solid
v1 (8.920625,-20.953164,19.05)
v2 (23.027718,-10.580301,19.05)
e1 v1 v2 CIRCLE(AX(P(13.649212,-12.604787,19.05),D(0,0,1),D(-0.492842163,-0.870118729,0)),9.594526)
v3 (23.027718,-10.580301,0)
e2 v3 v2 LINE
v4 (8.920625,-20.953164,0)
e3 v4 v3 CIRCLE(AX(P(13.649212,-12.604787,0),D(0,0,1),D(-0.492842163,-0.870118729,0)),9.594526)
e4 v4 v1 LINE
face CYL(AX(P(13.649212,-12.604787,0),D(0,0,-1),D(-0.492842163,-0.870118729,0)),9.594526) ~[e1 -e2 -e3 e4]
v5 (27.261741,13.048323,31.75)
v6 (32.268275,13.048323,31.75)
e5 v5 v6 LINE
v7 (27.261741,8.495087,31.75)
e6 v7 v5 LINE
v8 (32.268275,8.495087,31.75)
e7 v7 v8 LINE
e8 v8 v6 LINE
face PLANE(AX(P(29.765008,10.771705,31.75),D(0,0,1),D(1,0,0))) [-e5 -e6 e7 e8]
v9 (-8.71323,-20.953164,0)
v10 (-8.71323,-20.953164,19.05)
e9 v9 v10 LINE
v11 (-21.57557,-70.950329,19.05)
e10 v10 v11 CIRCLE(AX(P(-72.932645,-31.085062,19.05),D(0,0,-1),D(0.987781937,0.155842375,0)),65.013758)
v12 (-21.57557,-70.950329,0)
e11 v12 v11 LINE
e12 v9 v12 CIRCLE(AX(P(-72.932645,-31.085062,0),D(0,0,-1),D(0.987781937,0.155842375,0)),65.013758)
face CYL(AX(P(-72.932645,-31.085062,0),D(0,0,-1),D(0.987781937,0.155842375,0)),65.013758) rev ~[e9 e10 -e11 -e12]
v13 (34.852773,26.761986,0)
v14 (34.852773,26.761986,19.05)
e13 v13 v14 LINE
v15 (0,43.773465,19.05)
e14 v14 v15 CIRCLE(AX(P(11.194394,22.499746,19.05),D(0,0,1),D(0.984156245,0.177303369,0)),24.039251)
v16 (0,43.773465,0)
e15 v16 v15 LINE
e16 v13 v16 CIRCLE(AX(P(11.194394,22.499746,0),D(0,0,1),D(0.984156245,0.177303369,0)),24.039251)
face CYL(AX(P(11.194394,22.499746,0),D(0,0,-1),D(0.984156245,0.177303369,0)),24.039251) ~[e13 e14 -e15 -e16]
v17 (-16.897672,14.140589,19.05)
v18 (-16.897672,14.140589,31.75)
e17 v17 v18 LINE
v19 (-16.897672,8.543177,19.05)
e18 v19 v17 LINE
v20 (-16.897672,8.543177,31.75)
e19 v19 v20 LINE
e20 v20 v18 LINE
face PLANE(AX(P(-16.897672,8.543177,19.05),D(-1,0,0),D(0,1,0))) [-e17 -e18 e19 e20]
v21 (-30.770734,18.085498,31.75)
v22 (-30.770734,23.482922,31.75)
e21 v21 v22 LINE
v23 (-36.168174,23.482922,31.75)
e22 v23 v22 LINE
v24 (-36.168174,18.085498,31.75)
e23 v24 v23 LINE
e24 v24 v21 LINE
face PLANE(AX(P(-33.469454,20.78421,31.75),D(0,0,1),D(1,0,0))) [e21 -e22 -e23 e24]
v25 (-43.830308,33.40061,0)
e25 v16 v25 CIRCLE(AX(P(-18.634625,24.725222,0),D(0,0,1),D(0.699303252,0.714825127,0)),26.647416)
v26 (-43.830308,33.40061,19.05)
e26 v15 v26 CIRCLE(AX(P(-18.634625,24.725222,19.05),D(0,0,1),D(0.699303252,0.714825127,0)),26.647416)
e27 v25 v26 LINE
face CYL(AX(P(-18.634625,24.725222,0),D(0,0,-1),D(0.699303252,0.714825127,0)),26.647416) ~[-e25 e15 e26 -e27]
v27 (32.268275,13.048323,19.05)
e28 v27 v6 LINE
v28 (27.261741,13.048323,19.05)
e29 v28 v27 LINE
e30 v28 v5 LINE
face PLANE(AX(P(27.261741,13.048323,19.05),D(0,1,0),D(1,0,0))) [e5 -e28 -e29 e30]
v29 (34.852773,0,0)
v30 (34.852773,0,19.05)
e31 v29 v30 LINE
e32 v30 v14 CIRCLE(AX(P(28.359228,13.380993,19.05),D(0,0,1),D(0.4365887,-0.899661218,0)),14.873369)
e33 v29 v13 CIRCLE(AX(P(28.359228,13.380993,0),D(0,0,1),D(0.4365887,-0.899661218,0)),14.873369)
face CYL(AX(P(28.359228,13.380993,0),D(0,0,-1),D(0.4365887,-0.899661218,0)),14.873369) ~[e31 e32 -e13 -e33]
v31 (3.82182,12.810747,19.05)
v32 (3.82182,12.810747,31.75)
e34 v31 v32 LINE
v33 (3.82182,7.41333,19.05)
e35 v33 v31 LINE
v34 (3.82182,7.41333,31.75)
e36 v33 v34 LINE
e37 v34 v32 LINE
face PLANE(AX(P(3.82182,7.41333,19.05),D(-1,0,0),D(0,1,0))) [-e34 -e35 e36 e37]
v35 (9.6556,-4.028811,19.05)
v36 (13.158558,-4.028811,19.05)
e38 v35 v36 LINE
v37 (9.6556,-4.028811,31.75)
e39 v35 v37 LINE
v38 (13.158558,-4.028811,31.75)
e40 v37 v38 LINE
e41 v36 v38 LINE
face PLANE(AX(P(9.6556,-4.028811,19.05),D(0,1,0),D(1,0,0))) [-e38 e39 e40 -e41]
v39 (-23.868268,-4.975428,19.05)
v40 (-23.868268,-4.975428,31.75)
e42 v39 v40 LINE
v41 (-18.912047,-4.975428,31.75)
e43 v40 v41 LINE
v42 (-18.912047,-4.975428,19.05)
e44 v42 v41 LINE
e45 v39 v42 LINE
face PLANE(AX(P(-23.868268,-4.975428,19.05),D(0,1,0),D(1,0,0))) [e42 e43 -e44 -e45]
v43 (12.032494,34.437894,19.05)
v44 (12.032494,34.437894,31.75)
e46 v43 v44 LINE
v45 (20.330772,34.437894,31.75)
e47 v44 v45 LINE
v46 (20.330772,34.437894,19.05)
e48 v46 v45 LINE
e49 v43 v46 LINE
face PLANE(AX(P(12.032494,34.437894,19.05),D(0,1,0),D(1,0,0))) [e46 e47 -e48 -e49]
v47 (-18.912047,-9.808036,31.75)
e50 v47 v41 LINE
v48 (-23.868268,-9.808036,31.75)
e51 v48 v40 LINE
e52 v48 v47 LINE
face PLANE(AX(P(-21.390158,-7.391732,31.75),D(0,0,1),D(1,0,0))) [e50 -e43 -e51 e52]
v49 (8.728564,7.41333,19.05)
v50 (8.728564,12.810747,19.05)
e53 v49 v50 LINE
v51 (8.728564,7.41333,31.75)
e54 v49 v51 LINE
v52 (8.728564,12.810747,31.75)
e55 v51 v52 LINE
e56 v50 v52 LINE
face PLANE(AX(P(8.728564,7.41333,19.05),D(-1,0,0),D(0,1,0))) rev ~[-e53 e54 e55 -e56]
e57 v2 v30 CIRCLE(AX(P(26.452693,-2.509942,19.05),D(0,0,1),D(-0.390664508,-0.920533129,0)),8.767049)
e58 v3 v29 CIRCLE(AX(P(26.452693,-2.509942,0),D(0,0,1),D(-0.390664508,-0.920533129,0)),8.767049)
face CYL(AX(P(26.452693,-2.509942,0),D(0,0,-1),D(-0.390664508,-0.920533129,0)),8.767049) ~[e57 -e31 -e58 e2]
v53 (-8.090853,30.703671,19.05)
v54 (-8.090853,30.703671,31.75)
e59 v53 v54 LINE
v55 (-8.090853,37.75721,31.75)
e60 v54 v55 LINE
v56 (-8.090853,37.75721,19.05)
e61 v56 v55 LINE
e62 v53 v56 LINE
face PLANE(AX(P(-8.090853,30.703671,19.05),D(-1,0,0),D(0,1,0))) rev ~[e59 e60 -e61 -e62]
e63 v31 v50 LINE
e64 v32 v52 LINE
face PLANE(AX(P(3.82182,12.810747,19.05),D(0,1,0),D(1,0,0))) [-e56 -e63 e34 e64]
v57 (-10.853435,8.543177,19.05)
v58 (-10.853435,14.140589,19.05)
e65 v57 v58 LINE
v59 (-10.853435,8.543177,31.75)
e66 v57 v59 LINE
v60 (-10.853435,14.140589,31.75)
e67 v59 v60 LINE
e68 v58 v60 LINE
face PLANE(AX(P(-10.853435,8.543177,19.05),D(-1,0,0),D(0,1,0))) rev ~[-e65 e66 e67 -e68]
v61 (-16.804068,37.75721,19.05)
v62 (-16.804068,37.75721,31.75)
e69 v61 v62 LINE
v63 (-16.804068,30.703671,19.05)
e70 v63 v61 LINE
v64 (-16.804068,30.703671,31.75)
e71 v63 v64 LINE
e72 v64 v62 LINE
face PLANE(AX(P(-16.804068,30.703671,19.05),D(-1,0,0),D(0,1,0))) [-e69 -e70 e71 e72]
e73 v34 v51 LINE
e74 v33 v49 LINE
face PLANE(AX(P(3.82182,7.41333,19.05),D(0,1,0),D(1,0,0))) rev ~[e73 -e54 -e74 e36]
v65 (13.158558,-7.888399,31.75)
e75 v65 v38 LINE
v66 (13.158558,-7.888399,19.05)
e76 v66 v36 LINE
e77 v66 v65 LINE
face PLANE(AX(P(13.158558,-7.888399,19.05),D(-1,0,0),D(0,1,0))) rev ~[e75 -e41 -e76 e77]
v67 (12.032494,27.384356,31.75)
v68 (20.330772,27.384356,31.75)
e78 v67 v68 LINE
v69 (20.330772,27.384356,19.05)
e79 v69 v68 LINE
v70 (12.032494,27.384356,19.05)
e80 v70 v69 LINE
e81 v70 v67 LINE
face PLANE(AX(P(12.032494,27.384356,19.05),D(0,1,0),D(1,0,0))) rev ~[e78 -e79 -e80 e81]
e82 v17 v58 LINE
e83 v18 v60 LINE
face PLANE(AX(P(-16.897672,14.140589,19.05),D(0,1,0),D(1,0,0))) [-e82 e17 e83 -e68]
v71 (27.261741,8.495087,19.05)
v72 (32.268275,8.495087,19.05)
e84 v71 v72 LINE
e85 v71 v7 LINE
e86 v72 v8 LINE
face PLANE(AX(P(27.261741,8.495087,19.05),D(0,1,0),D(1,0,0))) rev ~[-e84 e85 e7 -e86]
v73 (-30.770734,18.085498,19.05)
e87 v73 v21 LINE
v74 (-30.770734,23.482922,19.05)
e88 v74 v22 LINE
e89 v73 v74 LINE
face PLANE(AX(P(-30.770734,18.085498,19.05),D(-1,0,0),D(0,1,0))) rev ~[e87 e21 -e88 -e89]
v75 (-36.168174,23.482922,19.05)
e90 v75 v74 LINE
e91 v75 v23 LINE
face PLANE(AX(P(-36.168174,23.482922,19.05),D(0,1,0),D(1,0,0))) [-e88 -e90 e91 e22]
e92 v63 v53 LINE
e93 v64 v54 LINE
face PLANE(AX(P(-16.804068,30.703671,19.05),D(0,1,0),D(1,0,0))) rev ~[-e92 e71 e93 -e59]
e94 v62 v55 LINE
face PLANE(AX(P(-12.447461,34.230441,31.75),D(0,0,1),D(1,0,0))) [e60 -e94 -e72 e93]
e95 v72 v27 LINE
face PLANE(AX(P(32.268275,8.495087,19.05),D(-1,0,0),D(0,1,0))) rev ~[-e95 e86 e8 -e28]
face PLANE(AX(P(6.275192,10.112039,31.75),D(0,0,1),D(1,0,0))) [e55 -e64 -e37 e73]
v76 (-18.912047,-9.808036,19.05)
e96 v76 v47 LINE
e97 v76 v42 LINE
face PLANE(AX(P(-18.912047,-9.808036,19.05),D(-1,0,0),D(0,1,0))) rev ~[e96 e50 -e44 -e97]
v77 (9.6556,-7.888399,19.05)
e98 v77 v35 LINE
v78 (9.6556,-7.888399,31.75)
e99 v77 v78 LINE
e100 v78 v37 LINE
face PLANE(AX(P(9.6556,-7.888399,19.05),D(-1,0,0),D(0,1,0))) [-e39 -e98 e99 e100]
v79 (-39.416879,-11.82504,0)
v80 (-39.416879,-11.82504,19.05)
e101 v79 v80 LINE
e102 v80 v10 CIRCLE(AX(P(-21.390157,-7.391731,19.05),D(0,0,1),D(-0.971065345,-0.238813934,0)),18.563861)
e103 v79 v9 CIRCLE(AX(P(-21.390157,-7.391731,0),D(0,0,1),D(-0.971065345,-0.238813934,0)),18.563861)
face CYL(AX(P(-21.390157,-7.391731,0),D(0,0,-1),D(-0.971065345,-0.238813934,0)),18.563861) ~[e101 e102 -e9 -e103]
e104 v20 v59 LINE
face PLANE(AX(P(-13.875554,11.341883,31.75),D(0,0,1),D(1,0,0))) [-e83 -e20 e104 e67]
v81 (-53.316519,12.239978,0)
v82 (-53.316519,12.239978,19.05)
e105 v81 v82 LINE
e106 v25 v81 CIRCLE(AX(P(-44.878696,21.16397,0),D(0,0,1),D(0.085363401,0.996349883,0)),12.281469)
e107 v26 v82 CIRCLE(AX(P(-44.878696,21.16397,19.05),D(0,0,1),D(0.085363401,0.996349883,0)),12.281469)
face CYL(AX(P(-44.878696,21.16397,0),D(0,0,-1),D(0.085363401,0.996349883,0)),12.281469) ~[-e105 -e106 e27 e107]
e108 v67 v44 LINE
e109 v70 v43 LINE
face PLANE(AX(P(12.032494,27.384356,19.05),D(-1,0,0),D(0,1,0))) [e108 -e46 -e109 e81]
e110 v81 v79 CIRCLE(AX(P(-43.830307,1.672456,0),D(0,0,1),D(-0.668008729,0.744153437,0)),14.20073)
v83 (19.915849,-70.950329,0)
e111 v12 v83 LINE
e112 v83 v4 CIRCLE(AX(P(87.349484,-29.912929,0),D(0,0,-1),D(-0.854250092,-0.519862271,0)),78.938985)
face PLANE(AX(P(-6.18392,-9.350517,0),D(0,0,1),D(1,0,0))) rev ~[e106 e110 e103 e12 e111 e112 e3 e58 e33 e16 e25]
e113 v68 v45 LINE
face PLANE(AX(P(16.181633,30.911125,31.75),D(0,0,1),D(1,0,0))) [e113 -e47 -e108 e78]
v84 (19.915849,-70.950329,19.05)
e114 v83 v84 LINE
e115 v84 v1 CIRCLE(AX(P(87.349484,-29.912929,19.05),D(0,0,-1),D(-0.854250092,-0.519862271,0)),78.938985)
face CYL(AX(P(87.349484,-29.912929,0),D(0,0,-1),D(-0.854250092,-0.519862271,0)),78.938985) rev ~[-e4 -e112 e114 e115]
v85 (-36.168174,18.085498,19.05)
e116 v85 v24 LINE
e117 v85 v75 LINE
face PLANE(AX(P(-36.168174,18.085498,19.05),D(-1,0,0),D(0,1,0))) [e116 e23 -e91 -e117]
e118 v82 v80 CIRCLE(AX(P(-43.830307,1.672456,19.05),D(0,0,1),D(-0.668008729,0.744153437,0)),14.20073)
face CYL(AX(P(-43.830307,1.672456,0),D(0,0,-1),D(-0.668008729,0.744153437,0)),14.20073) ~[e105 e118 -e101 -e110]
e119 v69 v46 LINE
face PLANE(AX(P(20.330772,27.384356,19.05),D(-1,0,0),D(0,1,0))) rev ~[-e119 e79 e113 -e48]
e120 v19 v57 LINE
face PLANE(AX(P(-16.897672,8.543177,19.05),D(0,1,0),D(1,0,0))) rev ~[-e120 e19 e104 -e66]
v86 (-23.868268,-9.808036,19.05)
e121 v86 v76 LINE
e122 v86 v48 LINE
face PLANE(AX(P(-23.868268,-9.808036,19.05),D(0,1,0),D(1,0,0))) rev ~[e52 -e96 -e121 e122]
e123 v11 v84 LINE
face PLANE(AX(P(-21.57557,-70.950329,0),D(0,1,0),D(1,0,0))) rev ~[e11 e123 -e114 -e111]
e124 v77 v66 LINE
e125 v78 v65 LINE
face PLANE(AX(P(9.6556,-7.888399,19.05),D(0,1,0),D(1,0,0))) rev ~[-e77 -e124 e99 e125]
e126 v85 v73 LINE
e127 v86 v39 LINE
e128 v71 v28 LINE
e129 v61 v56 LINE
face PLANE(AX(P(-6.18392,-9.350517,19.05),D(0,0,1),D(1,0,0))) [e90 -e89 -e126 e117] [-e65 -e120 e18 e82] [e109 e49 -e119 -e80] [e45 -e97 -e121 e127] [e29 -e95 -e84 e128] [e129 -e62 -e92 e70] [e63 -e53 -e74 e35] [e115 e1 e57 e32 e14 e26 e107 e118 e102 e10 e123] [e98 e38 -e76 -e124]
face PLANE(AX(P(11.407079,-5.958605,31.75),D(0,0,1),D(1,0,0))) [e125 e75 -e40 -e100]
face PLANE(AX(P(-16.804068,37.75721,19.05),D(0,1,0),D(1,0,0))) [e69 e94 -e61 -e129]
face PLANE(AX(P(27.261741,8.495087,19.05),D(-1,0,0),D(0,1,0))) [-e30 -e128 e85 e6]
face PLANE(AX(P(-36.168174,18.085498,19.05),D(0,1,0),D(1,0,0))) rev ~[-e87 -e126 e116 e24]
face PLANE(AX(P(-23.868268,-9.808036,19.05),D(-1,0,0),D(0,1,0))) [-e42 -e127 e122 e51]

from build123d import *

# Parameters (mm, degrees)
F1_DEPTH = 19.05
F2_W     = 4.956221
F2_H     = 4.832608
F2_W_2   = 6.044237
F2_H_2   = 5.597412
F2_W_3   = 4.906744
F2_H_3   = 5.397417
F2_W_4   = 8.298278
F2_H_4   = 7.053539
F2_W_5   = 8.713215
F2_W_6   = 5.397439
F2_H_5   = 5.397424
F2_W_7   = 3.502958
F2_H_6   = 3.859587
F2_W_8   = 5.006534
F2_H_7   = 4.553236
F3_DEPTH = 12.7


with BuildPart() as f1:
    # F0 (on Top) → F1 (new body)
    with BuildSketch(Plane.XY):
        with BuildLine():
            ThreePointArc((-8.71323, -20.953164), (-9.969081, -47.283156), (-21.57557, -70.950329))
            Line((-21.57557, -70.950329), (19.915849, -70.950329))
            ThreePointArc((19.915849, -70.950329), (10.252818, -46.867793), (8.920625, -20.953164))
            ThreePointArc((8.920625, -20.953164), (19.332917, -20.334627), (23.027718, -10.580301))
            ThreePointArc((23.027718, -10.580301), (32.298513, -9.043512), (34.852773, 0))
            ThreePointArc((34.852773, 0), (43.232597, 13.380993), (34.852773, 26.761986))
            ThreePointArc((34.852773, 26.761986), (21.73884, 44.102992), (0, 43.773465))
            ThreePointArc((0, 43.773465), (-24.771472, 50.65636), (-43.830308, 33.40061))
            ThreePointArc((-43.830308, 33.40061), (-56.08557, 26.187958), (-53.316519, 12.239978))
            ThreePointArc((-53.316519, 12.239978), (-56.12724, -5.430092), (-39.416879, -11.82504))
            ThreePointArc((-39.416879, -11.82504), (-26.680312, -25.185865), (-8.71323, -20.953164))
        make_face()
    extrude(amount=F1_DEPTH)

    # F2 (on face) → F3 (join)
    with BuildSketch(Plane.XY.offset(19.05)):
        with Locations((-21.390158, -7.391732)):
            Rectangle(F2_W, F2_H)
        with Locations((-13.875554, 11.341883)):
            Rectangle(F2_W_2, F2_H_2)
        with Locations((6.275192, 10.112039)):
            Rectangle(F2_W_3, F2_H_3)
        with Locations((16.181633, 30.911125)):
            Rectangle(F2_W_4, F2_H_4)
        with Locations((-12.447461, 34.230441)):
            Rectangle(F2_W_5, F2_H_4)
        with Locations((-33.469454, 20.78421)):
            Rectangle(F2_W_6, F2_H_5)
        with Locations((11.407079, -5.958605)):
            Rectangle(F2_W_7, F2_H_6)
        with Locations((29.765008, 10.771705)):
            Rectangle(F2_W_8, F2_H_7)
    extrude(amount=F3_DEPTH)


solid = f1.part
